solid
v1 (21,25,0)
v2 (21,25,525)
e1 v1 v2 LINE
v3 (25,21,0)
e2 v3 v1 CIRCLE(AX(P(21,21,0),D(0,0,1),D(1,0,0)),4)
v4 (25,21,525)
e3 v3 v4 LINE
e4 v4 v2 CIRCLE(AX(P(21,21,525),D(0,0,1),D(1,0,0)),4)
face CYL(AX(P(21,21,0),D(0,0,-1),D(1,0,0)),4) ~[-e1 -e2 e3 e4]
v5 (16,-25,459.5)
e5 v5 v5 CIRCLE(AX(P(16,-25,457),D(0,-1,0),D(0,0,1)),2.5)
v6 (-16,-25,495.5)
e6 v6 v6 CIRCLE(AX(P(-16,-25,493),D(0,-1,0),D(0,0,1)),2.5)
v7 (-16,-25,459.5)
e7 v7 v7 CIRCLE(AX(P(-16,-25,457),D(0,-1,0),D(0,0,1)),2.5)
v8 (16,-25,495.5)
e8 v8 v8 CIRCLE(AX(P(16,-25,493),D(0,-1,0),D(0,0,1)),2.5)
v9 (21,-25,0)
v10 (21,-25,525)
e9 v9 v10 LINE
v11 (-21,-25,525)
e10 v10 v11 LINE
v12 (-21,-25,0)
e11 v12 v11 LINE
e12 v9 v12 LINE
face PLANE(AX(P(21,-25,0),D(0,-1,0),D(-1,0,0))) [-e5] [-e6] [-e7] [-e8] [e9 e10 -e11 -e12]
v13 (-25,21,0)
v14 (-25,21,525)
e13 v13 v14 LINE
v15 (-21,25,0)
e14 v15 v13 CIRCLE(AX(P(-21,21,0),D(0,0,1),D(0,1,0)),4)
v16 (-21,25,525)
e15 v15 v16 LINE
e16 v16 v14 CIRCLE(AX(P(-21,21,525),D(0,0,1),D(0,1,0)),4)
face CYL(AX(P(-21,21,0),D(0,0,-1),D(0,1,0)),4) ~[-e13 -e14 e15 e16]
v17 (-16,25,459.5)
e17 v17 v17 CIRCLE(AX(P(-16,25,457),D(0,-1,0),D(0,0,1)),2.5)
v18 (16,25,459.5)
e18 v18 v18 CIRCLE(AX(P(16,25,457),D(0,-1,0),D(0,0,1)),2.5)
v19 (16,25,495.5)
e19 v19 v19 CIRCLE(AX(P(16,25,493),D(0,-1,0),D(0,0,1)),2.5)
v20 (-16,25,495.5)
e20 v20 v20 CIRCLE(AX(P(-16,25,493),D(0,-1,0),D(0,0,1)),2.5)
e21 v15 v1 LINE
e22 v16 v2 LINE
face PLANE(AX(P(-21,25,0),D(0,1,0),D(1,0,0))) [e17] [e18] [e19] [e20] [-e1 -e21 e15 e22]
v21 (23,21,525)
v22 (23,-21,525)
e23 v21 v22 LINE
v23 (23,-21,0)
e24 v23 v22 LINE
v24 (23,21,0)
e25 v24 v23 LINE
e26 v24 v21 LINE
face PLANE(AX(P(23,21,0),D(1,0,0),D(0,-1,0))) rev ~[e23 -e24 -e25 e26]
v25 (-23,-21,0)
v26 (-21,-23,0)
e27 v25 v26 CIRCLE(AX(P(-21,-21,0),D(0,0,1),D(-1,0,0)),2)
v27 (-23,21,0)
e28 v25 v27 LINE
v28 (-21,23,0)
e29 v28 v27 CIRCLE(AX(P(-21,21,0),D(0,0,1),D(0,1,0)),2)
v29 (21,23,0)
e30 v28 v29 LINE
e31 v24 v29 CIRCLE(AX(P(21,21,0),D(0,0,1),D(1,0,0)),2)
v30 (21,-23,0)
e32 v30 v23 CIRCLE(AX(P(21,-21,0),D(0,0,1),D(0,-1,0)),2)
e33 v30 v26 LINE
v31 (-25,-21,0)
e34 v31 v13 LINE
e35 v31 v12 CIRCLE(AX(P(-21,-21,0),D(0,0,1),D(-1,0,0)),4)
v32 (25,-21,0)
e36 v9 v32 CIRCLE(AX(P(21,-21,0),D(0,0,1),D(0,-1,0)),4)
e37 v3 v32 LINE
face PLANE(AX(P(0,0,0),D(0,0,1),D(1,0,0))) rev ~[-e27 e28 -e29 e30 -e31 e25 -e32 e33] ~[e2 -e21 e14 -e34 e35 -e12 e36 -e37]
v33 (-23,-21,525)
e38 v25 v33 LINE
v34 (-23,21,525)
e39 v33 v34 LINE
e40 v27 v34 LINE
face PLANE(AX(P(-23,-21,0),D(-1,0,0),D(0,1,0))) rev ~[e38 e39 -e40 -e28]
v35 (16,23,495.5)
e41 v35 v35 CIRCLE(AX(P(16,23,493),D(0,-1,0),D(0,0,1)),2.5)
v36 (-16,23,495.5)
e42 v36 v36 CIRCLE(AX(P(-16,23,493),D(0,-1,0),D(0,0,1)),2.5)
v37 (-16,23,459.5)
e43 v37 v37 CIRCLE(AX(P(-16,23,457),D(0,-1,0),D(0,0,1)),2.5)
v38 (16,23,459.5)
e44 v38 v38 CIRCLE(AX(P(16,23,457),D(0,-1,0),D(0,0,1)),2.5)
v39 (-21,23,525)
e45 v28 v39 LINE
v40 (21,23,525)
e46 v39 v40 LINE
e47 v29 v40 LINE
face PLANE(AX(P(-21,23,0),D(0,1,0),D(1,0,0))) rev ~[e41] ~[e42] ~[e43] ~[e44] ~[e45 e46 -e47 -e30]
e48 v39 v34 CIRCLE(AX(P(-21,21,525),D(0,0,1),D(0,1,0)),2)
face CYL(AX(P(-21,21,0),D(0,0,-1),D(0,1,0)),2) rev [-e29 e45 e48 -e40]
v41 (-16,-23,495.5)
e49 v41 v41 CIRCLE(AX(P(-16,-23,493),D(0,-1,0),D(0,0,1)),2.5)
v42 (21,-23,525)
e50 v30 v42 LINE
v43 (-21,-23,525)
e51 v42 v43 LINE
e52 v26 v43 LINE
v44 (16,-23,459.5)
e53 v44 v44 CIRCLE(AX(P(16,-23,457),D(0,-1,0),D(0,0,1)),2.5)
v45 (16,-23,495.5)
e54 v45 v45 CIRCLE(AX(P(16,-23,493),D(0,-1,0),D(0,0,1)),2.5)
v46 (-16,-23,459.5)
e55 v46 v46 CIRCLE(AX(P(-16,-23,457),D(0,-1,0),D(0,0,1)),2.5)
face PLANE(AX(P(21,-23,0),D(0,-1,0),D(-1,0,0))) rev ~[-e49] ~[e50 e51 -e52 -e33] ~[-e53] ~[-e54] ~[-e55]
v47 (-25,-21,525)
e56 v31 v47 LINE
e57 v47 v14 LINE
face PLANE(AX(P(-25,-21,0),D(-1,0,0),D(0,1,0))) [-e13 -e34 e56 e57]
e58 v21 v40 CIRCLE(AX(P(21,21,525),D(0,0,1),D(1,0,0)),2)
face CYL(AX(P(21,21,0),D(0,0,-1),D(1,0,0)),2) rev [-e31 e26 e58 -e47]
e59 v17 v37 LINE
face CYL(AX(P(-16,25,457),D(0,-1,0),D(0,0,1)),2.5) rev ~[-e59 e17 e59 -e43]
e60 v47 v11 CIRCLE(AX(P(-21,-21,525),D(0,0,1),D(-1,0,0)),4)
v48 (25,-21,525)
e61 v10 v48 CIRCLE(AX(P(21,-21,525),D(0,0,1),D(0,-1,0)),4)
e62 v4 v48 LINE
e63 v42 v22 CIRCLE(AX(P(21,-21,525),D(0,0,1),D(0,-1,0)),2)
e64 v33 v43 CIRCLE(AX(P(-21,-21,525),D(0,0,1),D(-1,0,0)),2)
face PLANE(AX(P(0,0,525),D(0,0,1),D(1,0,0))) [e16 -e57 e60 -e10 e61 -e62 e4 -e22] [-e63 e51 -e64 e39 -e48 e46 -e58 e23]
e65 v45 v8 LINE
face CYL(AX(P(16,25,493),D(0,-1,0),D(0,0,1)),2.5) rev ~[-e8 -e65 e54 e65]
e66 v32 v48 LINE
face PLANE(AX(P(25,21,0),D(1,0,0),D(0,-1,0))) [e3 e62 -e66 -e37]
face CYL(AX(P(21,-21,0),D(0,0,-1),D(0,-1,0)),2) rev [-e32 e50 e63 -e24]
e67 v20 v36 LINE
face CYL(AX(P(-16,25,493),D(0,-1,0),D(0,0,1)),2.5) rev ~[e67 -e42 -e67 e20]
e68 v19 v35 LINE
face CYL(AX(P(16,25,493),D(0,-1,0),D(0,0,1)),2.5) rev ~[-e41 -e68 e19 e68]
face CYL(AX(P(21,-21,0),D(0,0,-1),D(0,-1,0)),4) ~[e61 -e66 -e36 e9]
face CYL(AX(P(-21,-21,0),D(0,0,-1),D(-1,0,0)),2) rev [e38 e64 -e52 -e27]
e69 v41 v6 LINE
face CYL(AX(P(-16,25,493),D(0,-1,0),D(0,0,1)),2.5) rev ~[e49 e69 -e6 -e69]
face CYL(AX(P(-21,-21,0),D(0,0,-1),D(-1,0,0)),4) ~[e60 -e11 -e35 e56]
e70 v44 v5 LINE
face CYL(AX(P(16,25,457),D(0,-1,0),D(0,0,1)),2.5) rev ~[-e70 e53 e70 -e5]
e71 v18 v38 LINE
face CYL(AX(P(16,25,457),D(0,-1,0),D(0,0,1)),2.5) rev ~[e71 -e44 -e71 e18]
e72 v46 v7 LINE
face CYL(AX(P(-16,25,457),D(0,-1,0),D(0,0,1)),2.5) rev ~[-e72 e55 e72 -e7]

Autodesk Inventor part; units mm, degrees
ref_plane "Start Plane" through (0, 0, 0) normal (0, 0, 1) x (1, 0, 0)
ref_plane "End Plane" through (0, 0, 525) normal (0, 0, 1) x (1, 0, 0)
sketch "Sketch" plane through (0, 0, 0) normal (0, 0, 1) x (1, 0, 0)
  line L0 (-25, -21) -> (-25, 21)
  line L1 (-21, 25) -> (21, 25)
  line L2 (25, 21) -> (25, -21)
  line L3 (21, -25) -> (-21, -25)
  arc A0 (-25, -21) -> (-21, -25) centre (-21, -21) ccw
  arc A1 (25, 21) -> (21, 25) centre (21, 21) ccw
  arc A2 (-21, 25) -> (-25, 21) centre (-21, 21) ccw
  arc A3 (21, -25) -> (25, -21) centre (21, -21) ccw
  arc A4 (-21, 23) -> (-23, 21) centre (-21, 21) ccw
  line L4 (-21, 23) -> (21, 23)
  arc A5 (23, 21) -> (21, 23) centre (21, 21) ccw
  line L5 (23, 21) -> (23, -21)
  arc A6 (21, -23) -> (23, -21) centre (21, -21) ccw
  line L6 (21, -23) -> (-21, -23)
  arc A7 (-23, -21) -> (-21, -23) centre (-21, -21) ccw
  line L7 (-23, -21) -> (-23, 21)
  line L8 (0, 36.1598) -> (0, -36.1598) construction
  line L9 (-36.1598, 0) -> (36.1598, 0) construction
  dimension "d7" = 4
  dimension "d9" = 50
  dimension "d11" = 50
  dimension "d12" = 2
  dimension "d15" = 25
  dimension "d16" = 25
extrude "Body" add sketch "Sketch" along normal up to surface (525 mm away) from surface at 0
sketch "Sketch3" plane through (0, 0, 0) normal (0, 0, 1) x (1, 0, 0)
  line L0 (0, 0) -> (10, 0)
ref_plane "Work Plane3" through (0, 0, 0) normal (0, -1, 0) x (1, 0, 0)
sketch "Sketch4" plane through (0, 0, 0) normal (0, -1, 0) x (1, 0, 0)
  line L0 (-2, 0) -> (12, 0)
  line L1 (-2, 525) -> (12, 525)
  dimension "d18" = 525
ref_plane "Work Plane4" through (0, -20, 525) normal (0, 0, 1) x (1, 0, 0)
split "Split1" plane through (0, -20, 525) removes the side toward (0, 0, 1)
sketch "Sketch5" plane through (21, 25, 525) normal (0, 1, 0) x (1, 0, 0)
  line L0 (-42, 0) -> (0, 0) projected
  line L1 (0, 525) -> (0, 0) projected
  line L2 (-42, 525) -> (0, 525) projected
  line L3 (-42, 525) -> (-42, 0) projected
  line L4 (-42, 0) -> (0, 0) projected
  line L5 (-21, 0) -> (-21, 21.8701)
  line L6 (-37, 32) -> (-5, 32)
  line L7 (-5, 32) -> (-5, 68)
  line L8 (-5, 68) -> (-37, 68)
  line L9 (-37, 68) -> (-37, 32)
  point P0 (-21, 525)
  dimension "d19" = 32
  dimension "d20" = 36
  dimension "d21" = 32
hole "Hole1" at (-16, 25, 457) at (-16, 25, 493) at (16, 25, 493) at (16, 25, 457) direction (0, -1, 0) diameter 5 depth 50
equation "\"d7\" = G_IR"
equation "\"d9\" = G_W"
equation "\"d11\" = G_H"
equation "\"d12\" = G_T"
equation "\"d15\" = 0.5 * d9"
equation "\"d16\" = 0.5 * d11"
equation "\"d3\" = G_L"
equation "\"G_W\" = 50"
equation "\"G_H\" = 50"
equation "\"G_T\" = 2"
equation "\"G_IR\" = 4"
equation "\"G_L\" = d18"
equation "\"G_OFFSET_START\" = 0"
equation "\"G_OFFSET_END\" = -25"
equation "\"d14\" = G_OFFSET_END + B_L"
equation "\"B_L\" = 550"
properties part number "ISO 10799-2 - 50x50x2 - 525" material "Steel, Galvanized"
